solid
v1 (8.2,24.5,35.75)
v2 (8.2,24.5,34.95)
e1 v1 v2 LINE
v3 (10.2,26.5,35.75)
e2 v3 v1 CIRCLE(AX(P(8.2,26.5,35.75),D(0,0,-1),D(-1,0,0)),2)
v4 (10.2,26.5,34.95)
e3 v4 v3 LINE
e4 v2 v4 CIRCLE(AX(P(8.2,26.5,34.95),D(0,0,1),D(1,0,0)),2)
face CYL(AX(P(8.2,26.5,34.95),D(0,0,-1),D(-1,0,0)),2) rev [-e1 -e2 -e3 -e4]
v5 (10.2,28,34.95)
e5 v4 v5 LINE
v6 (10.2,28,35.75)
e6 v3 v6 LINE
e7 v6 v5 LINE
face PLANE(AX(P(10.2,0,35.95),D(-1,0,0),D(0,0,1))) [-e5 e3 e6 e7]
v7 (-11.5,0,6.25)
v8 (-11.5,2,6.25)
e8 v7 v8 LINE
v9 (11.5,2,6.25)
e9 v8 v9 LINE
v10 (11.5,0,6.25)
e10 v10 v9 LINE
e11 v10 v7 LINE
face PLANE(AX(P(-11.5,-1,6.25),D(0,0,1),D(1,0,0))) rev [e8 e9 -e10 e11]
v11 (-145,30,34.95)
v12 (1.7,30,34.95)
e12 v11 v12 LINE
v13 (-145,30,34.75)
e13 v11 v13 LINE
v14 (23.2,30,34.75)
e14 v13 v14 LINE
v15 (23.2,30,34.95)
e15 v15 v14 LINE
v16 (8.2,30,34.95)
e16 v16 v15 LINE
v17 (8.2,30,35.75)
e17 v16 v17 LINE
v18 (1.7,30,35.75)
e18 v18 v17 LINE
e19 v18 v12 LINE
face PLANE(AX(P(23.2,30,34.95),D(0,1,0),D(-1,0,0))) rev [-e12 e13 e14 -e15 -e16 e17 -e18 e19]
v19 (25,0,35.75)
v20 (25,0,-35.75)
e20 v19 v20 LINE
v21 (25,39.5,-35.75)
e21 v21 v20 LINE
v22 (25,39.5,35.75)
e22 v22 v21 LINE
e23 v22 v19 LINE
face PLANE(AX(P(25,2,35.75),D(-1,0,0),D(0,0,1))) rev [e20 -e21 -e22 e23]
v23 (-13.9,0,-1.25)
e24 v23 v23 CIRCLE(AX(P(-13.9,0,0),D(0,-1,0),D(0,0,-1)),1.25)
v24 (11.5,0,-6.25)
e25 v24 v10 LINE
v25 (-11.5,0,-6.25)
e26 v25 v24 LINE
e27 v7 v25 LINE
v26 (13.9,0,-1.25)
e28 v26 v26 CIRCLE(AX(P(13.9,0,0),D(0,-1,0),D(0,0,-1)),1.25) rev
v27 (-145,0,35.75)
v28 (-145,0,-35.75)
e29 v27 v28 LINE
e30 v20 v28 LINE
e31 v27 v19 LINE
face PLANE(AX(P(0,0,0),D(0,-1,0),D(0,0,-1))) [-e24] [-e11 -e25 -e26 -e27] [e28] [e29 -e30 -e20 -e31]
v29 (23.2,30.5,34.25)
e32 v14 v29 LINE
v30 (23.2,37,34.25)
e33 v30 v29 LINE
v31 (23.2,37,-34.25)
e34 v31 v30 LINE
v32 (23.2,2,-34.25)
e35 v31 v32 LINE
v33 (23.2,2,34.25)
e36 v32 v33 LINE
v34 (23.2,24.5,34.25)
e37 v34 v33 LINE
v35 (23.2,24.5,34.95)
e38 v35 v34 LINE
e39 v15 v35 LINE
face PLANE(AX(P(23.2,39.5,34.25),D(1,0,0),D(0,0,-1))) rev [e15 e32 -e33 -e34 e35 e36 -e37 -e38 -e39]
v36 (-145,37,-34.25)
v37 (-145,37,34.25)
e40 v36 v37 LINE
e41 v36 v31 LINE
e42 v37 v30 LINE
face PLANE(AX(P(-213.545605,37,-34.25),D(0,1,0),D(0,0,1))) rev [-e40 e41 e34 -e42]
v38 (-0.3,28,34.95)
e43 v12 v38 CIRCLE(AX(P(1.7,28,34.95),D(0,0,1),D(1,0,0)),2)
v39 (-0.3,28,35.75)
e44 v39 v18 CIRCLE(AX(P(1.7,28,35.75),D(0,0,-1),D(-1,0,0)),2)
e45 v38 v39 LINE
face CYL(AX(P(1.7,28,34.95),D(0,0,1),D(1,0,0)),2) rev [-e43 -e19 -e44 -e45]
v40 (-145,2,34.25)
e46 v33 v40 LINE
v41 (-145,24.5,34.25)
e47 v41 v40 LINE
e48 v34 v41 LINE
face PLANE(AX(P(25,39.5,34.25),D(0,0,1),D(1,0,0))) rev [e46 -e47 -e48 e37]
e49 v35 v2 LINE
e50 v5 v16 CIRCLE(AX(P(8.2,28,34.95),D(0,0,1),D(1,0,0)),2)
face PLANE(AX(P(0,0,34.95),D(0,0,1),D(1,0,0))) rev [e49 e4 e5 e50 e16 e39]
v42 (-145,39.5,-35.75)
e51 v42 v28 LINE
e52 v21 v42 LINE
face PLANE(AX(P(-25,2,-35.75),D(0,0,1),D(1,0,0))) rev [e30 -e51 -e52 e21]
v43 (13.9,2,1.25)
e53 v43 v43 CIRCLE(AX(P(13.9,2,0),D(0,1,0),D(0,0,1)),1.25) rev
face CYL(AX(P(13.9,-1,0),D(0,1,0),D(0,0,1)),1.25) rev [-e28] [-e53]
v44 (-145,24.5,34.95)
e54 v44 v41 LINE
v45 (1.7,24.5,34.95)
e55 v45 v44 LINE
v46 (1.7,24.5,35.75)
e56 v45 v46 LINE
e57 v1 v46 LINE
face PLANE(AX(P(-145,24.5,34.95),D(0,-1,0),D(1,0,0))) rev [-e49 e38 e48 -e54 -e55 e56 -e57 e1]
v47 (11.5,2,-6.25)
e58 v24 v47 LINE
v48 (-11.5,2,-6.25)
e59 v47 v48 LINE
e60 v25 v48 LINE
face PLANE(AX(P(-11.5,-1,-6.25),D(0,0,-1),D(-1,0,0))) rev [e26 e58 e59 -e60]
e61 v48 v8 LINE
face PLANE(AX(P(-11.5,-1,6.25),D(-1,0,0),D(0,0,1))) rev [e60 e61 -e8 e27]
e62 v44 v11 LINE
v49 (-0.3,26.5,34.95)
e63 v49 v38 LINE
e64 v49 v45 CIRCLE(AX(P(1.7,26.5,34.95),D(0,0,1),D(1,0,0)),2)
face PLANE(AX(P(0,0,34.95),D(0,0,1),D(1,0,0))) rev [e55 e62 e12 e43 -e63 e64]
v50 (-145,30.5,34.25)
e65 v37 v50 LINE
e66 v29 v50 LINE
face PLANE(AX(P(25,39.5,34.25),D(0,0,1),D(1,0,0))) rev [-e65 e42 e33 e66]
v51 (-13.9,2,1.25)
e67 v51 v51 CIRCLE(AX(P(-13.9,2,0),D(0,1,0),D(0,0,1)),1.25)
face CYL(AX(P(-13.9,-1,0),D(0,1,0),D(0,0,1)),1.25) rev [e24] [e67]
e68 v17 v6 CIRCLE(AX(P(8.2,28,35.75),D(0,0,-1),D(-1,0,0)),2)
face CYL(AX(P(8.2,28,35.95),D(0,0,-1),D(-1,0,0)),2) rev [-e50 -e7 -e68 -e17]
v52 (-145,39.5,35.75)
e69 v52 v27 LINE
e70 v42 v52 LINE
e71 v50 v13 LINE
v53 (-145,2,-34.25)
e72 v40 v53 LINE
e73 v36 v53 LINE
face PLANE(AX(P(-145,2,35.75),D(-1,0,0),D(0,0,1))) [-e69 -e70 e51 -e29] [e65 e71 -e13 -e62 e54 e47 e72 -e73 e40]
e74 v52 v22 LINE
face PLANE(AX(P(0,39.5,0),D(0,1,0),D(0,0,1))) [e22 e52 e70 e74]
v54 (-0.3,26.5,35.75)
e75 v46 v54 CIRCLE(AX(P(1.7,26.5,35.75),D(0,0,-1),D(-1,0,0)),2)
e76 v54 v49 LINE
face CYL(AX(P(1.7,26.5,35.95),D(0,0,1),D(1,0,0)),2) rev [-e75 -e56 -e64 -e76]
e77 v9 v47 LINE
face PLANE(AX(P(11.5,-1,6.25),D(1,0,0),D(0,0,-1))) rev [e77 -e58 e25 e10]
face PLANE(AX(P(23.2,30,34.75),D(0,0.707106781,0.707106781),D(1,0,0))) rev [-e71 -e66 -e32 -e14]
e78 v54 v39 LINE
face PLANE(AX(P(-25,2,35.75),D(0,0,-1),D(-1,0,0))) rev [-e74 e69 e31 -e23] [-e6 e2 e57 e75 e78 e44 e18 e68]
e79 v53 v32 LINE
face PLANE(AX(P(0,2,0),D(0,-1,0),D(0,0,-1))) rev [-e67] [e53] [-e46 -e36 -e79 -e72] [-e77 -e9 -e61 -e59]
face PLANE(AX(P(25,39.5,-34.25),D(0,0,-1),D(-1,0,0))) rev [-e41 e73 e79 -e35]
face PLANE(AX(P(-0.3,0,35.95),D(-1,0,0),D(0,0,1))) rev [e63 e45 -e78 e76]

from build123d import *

# Parameters (mm, degrees)
SKETCH1_W            = 50
SKETCH1_H            = 71.5
BOSS_EXTRUDE1_DEPTH  = 2
SKETCH2_W            = 23
SKETCH2_H            = 12.5
CUT_EXTRUDE1_DEPTH   = 3
SKETCH3_R            = 1.25
CUT_EXTRUDE2_DEPTH   = 3
SKETCH14_W           = 120
SKETCH14_H           = 71.5
BOSS_EXTRUDE7_DEPTH  = 2
SKETCH15_W           = 170
SKETCH15_H           = 1.5
BOSS_EXTRUDE8_DEPTH  = 37.5
SKETCH16_W           = 1.8
SKETCH16_H           = 68.5
BOSS_EXTRUDE9_DEPTH  = 37.5
SKETCH17_W           = 168.2
SKETCH17_H           = 5.5
CUT_EXTRUDE3_DEPTH   = 0.7
SKETCH18_W           = 10.5
SKETCH18_H           = 2.75
CUT_EXTRUDE4_DEPTH   = 1
FILLET4_R            = 2
SKETCH19_W           = 68.5
SKETCH19_H           = 2.5
BOSS_EXTRUDE10_DEPTH = 168.2
CHAMFER1_SIZE        = 0.5


with BuildPart() as part:
    # Sketch1 → Boss-Extrude1 (new body)
    with BuildSketch(Plane(origin=(0, 0, 0), x_dir=(1, 0, 0), z_dir=(0, 1, 0))):
        Rectangle(SKETCH1_W, SKETCH1_H)
    extrude(amount=BOSS_EXTRUDE1_DEPTH)

    # Sketch2 → Cut-Extrude1 (cut)
    with BuildSketch(Plane(origin=(0, 2, 0), x_dir=(1, 0, 0), z_dir=(0, 1, 0))):
        Rectangle(SKETCH2_W, SKETCH2_H)
    extrude(amount=-CUT_EXTRUDE1_DEPTH, mode=Mode.SUBTRACT)

    # Sketch3 → Cut-Extrude2 (cut)
    with BuildSketch(Plane(origin=(0, 2, 0), x_dir=(1, 0, 0), z_dir=(0, 1, 0))):
        with Locations(Location((-13.9, 0, 0), (0, 0, 270))):
            Circle(SKETCH3_R)
        with Locations(Location((13.9, 0, 0), (0, 0, 270))):
            Circle(SKETCH3_R)
    extrude(amount=-CUT_EXTRUDE2_DEPTH, mode=Mode.SUBTRACT)

    # Sketch14 → Boss-Extrude7 (add)
    with BuildSketch(Plane.XZ):
        with Locations((-85, 0)):
            Rectangle(SKETCH14_W, SKETCH14_H)
    extrude(amount=-BOSS_EXTRUDE7_DEPTH)

    # Sketch15 → Boss-Extrude8 (add)
    with BuildSketch(Plane(origin=(0, 2, 0), x_dir=(1, 0, 0), z_dir=(0, 1, 0))):
        with Locations((-60, -35)):
            Rectangle(SKETCH15_W, SKETCH15_H)
        with Locations((-60, 35)):
            Rectangle(SKETCH15_W, SKETCH15_H)
    extrude(amount=BOSS_EXTRUDE8_DEPTH)

    # Sketch16 → Boss-Extrude9 (add)
    with BuildSketch(Plane(origin=(0, 2, 0), x_dir=(1, 0, 0), z_dir=(0, 1, 0))):
        with Locations((24.1, 0)):
            Rectangle(SKETCH16_W, SKETCH16_H)
    extrude(amount=BOSS_EXTRUDE9_DEPTH)

    # Sketch17 → Cut-Extrude3 (cut)
    with BuildSketch(Plane(origin=(0, 0, 34.25), x_dir=(-1, 0, 0), z_dir=(0, 0, -1))):
        with Locations((60.9, 27.25)):
            Rectangle(SKETCH17_W, SKETCH17_H)
    extrude(amount=-CUT_EXTRUDE3_DEPTH, mode=Mode.SUBTRACT)

    # Sketch18 → Cut-Extrude4 (cut)
    with BuildSketch(Plane(origin=(0, 0, 34.95), x_dir=(-1, 0, 0), z_dir=(0, 0, -1))):
        with Locations((-4.95, 28.625)):
            Rectangle(SKETCH18_W, SKETCH18_H)
        with Locations((-4.95, 25.875)):
            Rectangle(SKETCH18_W, SKETCH18_H)
    extrude(amount=-CUT_EXTRUDE4_DEPTH, mode=Mode.SUBTRACT)

    # Fillet4
    fillet4_edges = [part.edges().sort_by_distance(p)[0] for p in [
        (10.2, 24.5, 35.35),
        (10.2, 30, 35.35),
        (-0.3, 30, 35.35),
        (-0.3, 24.5, 35.35),
    ]]
    fillet(fillet4_edges, radius=FILLET4_R)

    # Sketch19 → Boss-Extrude10 (add)
    with BuildSketch(Plane.ZY.offset(-23.2)):
        with Locations((0, 38.25)):
            Rectangle(SKETCH19_W, SKETCH19_H)
    extrude(amount=BOSS_EXTRUDE10_DEPTH)

    # Chamfer1
    chamfer1_edges = [part.edges().sort_by_distance(p)[0] for p in [
        (-60.9, 30, 34.25),
    ]]
    chamfer(chamfer1_edges, length=CHAMFER1_SIZE)


solid = part.part
